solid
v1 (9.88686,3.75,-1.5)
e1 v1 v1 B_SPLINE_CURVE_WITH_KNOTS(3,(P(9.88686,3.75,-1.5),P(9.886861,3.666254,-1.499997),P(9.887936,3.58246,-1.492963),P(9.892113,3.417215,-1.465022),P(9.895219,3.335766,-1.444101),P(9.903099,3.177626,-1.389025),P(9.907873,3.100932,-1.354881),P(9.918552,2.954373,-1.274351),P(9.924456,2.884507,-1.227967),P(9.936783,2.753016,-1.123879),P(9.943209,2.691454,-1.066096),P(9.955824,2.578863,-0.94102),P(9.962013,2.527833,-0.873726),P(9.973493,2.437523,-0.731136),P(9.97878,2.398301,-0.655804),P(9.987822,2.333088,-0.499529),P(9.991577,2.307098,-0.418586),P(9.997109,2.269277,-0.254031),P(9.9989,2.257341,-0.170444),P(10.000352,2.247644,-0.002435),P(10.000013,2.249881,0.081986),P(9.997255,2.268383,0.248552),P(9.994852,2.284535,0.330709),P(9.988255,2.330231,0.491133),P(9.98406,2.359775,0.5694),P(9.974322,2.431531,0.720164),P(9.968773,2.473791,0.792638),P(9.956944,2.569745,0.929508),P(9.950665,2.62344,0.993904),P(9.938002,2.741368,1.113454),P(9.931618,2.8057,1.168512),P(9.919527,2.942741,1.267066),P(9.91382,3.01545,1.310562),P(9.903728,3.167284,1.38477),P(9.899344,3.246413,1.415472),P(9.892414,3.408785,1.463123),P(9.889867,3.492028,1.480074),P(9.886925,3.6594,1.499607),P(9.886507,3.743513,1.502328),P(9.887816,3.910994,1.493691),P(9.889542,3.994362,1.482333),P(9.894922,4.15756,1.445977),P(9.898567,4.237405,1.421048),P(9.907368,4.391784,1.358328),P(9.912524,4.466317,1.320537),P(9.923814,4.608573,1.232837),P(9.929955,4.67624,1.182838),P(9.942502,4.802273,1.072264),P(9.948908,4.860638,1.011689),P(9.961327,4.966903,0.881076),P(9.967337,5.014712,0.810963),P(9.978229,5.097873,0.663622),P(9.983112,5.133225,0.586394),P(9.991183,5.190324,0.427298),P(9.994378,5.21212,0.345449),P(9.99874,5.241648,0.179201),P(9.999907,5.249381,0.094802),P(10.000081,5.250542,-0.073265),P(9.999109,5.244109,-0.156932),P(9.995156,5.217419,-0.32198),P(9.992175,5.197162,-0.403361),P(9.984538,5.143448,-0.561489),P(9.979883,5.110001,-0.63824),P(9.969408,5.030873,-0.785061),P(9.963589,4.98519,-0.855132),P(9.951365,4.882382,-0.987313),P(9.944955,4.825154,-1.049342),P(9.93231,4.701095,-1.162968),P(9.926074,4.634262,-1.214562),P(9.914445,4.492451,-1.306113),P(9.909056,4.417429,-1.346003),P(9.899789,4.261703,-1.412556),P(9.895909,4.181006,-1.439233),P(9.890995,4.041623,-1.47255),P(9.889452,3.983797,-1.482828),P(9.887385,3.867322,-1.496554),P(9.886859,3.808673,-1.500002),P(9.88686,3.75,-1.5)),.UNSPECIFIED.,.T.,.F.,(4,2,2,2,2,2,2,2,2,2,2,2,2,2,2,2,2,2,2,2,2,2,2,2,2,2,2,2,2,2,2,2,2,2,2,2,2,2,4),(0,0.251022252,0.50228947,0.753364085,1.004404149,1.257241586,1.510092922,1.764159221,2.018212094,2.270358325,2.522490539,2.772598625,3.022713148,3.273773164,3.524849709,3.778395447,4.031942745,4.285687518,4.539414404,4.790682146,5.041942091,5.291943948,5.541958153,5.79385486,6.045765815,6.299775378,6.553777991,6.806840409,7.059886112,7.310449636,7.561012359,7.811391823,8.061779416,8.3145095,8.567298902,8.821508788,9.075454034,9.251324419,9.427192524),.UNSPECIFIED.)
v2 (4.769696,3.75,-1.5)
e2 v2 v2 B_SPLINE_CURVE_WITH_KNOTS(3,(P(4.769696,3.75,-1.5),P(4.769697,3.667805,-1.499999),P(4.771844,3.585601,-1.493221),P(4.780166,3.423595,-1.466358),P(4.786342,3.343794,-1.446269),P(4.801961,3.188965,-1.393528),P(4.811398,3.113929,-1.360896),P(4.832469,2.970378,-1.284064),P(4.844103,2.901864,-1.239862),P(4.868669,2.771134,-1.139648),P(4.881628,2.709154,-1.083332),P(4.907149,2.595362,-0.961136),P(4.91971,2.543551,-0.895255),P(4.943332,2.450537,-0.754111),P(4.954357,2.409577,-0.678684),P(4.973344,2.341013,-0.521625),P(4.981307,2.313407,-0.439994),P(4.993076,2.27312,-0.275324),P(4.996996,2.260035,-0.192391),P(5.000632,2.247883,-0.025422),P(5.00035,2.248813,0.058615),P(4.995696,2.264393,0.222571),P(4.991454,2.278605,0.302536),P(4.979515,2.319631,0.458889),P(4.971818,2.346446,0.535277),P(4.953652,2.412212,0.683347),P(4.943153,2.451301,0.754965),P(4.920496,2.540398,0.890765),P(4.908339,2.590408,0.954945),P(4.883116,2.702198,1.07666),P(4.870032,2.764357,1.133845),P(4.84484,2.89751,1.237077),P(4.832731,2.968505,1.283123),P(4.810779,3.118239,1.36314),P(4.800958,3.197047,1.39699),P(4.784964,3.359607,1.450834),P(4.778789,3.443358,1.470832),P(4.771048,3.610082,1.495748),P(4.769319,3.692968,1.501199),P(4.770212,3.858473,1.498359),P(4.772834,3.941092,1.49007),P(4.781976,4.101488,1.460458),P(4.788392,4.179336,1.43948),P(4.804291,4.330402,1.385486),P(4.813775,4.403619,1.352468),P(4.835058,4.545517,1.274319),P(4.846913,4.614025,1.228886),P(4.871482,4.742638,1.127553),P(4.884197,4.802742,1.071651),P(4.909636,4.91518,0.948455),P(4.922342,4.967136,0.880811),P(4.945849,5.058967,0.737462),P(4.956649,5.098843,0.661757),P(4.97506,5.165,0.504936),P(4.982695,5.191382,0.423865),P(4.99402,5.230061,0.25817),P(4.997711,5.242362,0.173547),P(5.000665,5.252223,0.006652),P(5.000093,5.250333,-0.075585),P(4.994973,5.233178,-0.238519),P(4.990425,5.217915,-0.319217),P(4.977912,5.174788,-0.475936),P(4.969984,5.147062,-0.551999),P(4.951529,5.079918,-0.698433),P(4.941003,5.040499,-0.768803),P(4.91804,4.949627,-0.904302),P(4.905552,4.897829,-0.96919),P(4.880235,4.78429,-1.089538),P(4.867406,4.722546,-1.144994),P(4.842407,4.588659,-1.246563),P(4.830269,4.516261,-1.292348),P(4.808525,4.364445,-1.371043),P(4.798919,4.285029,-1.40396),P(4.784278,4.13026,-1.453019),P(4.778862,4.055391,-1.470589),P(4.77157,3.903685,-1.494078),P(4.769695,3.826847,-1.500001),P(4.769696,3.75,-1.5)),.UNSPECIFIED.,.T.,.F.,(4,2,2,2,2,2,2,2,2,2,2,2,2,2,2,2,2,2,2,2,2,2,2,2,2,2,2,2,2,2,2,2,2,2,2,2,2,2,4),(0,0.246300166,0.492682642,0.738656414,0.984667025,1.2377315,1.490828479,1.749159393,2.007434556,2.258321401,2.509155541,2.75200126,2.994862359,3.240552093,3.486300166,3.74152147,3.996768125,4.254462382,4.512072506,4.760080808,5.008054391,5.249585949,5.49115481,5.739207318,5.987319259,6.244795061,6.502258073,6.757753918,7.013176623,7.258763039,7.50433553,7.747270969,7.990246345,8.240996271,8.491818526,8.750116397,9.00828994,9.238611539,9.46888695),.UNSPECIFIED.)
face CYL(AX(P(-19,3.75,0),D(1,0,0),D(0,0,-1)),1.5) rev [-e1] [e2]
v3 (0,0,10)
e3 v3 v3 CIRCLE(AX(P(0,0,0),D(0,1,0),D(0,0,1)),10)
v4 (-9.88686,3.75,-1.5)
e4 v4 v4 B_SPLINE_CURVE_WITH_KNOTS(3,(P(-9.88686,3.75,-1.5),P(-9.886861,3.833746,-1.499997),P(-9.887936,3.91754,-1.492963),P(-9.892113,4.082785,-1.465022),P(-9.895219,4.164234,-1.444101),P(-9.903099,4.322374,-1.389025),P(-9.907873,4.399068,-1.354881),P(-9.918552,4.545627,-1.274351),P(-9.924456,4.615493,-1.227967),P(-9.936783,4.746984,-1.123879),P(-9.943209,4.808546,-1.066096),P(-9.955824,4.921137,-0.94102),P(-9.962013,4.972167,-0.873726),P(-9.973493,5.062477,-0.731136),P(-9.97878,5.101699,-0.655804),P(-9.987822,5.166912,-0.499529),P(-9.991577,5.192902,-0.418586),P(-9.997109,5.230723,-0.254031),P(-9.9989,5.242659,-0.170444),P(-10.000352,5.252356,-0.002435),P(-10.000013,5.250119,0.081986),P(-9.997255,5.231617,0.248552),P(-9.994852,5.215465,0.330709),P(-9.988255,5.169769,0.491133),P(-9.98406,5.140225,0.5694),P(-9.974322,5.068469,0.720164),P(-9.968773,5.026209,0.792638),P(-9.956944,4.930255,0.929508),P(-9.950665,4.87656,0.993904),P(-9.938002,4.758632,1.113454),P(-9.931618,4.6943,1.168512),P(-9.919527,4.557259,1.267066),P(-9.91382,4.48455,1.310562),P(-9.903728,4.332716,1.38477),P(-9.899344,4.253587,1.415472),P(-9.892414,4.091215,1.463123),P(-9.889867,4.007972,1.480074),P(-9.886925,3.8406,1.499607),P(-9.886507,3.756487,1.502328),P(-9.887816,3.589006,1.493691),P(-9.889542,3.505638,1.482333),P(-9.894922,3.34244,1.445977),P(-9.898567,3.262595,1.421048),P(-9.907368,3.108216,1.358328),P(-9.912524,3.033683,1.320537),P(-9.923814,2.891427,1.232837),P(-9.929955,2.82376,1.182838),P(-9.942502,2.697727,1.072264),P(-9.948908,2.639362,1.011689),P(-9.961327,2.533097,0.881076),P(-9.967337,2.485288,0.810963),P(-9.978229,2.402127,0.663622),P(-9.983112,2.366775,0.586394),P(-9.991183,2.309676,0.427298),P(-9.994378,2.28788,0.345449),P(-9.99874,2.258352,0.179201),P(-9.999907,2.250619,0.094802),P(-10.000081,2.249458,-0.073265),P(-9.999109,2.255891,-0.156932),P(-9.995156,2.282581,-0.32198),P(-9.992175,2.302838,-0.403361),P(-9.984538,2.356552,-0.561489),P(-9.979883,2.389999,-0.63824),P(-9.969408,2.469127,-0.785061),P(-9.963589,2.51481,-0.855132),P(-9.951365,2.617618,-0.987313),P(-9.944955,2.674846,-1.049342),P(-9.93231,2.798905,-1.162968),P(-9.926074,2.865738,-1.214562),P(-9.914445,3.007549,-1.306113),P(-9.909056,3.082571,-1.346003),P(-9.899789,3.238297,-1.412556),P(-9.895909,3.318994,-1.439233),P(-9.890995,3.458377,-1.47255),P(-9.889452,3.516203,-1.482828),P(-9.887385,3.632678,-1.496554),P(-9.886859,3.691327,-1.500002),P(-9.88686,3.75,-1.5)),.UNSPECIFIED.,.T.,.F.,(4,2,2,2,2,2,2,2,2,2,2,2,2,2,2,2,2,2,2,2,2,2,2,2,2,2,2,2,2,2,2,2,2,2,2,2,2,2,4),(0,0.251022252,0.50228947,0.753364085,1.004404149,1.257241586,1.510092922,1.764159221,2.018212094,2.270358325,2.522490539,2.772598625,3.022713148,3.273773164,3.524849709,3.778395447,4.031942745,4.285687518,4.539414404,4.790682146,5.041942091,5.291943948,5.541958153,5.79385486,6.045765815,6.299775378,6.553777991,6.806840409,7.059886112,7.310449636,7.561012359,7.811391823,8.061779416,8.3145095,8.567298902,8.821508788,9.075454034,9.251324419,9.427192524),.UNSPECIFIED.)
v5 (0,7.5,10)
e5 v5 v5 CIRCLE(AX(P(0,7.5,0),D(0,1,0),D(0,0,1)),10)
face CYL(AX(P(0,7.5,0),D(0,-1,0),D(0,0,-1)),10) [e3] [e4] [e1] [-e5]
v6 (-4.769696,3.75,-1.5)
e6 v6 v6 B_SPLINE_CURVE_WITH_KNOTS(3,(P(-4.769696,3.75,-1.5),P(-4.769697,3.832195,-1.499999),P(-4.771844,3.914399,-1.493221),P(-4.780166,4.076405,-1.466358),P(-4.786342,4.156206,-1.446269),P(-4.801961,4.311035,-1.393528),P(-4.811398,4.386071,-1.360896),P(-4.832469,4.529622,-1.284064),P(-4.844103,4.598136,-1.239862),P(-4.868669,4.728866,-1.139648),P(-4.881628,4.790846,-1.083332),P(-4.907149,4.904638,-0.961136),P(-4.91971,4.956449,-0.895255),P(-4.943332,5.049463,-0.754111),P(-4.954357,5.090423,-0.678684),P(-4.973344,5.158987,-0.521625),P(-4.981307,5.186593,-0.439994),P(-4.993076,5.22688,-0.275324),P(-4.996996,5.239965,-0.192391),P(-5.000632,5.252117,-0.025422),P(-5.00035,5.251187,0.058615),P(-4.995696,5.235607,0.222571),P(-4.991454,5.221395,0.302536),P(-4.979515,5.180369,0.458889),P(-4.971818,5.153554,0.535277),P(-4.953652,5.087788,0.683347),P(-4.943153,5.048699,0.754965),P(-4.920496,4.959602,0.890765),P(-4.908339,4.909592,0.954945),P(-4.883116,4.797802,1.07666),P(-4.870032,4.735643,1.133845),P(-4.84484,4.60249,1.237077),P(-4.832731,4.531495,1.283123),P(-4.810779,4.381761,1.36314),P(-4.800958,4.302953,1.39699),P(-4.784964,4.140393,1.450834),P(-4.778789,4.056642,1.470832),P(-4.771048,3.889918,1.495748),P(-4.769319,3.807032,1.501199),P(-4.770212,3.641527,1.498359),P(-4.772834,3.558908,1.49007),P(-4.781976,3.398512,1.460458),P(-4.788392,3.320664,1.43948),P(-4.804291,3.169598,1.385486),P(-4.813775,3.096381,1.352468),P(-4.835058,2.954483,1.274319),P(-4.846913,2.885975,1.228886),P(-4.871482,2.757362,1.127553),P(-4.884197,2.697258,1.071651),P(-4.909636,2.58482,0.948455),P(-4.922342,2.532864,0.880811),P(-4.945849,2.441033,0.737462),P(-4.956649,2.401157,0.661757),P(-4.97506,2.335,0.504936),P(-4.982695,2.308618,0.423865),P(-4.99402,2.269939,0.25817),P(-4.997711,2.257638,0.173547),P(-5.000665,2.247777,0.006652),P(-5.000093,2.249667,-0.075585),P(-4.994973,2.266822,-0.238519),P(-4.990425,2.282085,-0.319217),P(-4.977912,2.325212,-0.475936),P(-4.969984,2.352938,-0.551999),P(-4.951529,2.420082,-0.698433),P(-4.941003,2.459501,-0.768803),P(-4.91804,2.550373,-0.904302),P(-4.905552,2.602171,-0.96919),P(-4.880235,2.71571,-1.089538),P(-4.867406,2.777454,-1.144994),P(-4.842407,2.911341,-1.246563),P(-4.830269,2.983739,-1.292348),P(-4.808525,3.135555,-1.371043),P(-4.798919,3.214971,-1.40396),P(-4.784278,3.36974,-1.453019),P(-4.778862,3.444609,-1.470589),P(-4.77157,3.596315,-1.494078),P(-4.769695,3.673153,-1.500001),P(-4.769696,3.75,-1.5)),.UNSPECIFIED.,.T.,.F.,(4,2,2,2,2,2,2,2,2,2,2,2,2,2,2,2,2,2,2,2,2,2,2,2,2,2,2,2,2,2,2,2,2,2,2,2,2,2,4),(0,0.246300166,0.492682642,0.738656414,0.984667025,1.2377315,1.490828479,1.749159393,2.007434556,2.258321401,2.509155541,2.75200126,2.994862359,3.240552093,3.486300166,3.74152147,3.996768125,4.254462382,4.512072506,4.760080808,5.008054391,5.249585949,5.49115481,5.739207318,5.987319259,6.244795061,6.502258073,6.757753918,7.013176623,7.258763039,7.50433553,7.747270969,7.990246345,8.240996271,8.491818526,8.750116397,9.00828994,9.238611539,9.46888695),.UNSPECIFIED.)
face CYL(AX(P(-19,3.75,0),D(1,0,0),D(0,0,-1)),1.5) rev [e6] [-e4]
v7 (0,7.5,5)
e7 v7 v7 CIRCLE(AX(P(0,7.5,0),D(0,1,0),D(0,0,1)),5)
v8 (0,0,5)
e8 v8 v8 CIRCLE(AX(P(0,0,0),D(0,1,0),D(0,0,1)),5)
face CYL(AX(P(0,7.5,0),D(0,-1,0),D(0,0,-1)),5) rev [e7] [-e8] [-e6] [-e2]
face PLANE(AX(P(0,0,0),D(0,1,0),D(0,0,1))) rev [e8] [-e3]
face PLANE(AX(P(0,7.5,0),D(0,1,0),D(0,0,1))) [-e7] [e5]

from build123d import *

# Parameters (mm, degrees)
SKETCH1_R               = 10
SKETCH1_R_2             = 5
BOSS_EXTRUDE1_DEPTH     = 7.5
CUT_EXTRUDE1_DEPTH      = 20.5
CUT_EXTRUDE1_DEPTH_BACK = 19
SKETCH2_R               = 1.5


with BuildPart() as part:
    # Sketch1 → Boss-Extrude1 (new body)
    with BuildSketch(Plane(origin=(0, 0, 0), x_dir=(1, 0, 0), z_dir=(0, 1, 0))):
        with Locations(Location((0, 0, 0), (0, 0, 270))):
            Circle(SKETCH1_R)
        with Locations(Location((0, 0, 0), (0, 0, 270))):
            Circle(SKETCH1_R_2, mode=Mode.SUBTRACT)
    extrude(amount=BOSS_EXTRUDE1_DEPTH)

    # Sketch2 → Cut-Extrude1 (cut, two sides: drawn at the far end of the back side and taken through both)
    with BuildSketch(Plane(origin=(0, 0, 0), x_dir=(0, 0, -1), z_dir=(1, 0, 0)).offset(-CUT_EXTRUDE1_DEPTH_BACK)):
        with Locations((0, 3.75)):
            Circle(SKETCH2_R)
    extrude(amount=CUT_EXTRUDE1_DEPTH + CUT_EXTRUDE1_DEPTH_BACK, mode=Mode.SUBTRACT)


solid = part.part
